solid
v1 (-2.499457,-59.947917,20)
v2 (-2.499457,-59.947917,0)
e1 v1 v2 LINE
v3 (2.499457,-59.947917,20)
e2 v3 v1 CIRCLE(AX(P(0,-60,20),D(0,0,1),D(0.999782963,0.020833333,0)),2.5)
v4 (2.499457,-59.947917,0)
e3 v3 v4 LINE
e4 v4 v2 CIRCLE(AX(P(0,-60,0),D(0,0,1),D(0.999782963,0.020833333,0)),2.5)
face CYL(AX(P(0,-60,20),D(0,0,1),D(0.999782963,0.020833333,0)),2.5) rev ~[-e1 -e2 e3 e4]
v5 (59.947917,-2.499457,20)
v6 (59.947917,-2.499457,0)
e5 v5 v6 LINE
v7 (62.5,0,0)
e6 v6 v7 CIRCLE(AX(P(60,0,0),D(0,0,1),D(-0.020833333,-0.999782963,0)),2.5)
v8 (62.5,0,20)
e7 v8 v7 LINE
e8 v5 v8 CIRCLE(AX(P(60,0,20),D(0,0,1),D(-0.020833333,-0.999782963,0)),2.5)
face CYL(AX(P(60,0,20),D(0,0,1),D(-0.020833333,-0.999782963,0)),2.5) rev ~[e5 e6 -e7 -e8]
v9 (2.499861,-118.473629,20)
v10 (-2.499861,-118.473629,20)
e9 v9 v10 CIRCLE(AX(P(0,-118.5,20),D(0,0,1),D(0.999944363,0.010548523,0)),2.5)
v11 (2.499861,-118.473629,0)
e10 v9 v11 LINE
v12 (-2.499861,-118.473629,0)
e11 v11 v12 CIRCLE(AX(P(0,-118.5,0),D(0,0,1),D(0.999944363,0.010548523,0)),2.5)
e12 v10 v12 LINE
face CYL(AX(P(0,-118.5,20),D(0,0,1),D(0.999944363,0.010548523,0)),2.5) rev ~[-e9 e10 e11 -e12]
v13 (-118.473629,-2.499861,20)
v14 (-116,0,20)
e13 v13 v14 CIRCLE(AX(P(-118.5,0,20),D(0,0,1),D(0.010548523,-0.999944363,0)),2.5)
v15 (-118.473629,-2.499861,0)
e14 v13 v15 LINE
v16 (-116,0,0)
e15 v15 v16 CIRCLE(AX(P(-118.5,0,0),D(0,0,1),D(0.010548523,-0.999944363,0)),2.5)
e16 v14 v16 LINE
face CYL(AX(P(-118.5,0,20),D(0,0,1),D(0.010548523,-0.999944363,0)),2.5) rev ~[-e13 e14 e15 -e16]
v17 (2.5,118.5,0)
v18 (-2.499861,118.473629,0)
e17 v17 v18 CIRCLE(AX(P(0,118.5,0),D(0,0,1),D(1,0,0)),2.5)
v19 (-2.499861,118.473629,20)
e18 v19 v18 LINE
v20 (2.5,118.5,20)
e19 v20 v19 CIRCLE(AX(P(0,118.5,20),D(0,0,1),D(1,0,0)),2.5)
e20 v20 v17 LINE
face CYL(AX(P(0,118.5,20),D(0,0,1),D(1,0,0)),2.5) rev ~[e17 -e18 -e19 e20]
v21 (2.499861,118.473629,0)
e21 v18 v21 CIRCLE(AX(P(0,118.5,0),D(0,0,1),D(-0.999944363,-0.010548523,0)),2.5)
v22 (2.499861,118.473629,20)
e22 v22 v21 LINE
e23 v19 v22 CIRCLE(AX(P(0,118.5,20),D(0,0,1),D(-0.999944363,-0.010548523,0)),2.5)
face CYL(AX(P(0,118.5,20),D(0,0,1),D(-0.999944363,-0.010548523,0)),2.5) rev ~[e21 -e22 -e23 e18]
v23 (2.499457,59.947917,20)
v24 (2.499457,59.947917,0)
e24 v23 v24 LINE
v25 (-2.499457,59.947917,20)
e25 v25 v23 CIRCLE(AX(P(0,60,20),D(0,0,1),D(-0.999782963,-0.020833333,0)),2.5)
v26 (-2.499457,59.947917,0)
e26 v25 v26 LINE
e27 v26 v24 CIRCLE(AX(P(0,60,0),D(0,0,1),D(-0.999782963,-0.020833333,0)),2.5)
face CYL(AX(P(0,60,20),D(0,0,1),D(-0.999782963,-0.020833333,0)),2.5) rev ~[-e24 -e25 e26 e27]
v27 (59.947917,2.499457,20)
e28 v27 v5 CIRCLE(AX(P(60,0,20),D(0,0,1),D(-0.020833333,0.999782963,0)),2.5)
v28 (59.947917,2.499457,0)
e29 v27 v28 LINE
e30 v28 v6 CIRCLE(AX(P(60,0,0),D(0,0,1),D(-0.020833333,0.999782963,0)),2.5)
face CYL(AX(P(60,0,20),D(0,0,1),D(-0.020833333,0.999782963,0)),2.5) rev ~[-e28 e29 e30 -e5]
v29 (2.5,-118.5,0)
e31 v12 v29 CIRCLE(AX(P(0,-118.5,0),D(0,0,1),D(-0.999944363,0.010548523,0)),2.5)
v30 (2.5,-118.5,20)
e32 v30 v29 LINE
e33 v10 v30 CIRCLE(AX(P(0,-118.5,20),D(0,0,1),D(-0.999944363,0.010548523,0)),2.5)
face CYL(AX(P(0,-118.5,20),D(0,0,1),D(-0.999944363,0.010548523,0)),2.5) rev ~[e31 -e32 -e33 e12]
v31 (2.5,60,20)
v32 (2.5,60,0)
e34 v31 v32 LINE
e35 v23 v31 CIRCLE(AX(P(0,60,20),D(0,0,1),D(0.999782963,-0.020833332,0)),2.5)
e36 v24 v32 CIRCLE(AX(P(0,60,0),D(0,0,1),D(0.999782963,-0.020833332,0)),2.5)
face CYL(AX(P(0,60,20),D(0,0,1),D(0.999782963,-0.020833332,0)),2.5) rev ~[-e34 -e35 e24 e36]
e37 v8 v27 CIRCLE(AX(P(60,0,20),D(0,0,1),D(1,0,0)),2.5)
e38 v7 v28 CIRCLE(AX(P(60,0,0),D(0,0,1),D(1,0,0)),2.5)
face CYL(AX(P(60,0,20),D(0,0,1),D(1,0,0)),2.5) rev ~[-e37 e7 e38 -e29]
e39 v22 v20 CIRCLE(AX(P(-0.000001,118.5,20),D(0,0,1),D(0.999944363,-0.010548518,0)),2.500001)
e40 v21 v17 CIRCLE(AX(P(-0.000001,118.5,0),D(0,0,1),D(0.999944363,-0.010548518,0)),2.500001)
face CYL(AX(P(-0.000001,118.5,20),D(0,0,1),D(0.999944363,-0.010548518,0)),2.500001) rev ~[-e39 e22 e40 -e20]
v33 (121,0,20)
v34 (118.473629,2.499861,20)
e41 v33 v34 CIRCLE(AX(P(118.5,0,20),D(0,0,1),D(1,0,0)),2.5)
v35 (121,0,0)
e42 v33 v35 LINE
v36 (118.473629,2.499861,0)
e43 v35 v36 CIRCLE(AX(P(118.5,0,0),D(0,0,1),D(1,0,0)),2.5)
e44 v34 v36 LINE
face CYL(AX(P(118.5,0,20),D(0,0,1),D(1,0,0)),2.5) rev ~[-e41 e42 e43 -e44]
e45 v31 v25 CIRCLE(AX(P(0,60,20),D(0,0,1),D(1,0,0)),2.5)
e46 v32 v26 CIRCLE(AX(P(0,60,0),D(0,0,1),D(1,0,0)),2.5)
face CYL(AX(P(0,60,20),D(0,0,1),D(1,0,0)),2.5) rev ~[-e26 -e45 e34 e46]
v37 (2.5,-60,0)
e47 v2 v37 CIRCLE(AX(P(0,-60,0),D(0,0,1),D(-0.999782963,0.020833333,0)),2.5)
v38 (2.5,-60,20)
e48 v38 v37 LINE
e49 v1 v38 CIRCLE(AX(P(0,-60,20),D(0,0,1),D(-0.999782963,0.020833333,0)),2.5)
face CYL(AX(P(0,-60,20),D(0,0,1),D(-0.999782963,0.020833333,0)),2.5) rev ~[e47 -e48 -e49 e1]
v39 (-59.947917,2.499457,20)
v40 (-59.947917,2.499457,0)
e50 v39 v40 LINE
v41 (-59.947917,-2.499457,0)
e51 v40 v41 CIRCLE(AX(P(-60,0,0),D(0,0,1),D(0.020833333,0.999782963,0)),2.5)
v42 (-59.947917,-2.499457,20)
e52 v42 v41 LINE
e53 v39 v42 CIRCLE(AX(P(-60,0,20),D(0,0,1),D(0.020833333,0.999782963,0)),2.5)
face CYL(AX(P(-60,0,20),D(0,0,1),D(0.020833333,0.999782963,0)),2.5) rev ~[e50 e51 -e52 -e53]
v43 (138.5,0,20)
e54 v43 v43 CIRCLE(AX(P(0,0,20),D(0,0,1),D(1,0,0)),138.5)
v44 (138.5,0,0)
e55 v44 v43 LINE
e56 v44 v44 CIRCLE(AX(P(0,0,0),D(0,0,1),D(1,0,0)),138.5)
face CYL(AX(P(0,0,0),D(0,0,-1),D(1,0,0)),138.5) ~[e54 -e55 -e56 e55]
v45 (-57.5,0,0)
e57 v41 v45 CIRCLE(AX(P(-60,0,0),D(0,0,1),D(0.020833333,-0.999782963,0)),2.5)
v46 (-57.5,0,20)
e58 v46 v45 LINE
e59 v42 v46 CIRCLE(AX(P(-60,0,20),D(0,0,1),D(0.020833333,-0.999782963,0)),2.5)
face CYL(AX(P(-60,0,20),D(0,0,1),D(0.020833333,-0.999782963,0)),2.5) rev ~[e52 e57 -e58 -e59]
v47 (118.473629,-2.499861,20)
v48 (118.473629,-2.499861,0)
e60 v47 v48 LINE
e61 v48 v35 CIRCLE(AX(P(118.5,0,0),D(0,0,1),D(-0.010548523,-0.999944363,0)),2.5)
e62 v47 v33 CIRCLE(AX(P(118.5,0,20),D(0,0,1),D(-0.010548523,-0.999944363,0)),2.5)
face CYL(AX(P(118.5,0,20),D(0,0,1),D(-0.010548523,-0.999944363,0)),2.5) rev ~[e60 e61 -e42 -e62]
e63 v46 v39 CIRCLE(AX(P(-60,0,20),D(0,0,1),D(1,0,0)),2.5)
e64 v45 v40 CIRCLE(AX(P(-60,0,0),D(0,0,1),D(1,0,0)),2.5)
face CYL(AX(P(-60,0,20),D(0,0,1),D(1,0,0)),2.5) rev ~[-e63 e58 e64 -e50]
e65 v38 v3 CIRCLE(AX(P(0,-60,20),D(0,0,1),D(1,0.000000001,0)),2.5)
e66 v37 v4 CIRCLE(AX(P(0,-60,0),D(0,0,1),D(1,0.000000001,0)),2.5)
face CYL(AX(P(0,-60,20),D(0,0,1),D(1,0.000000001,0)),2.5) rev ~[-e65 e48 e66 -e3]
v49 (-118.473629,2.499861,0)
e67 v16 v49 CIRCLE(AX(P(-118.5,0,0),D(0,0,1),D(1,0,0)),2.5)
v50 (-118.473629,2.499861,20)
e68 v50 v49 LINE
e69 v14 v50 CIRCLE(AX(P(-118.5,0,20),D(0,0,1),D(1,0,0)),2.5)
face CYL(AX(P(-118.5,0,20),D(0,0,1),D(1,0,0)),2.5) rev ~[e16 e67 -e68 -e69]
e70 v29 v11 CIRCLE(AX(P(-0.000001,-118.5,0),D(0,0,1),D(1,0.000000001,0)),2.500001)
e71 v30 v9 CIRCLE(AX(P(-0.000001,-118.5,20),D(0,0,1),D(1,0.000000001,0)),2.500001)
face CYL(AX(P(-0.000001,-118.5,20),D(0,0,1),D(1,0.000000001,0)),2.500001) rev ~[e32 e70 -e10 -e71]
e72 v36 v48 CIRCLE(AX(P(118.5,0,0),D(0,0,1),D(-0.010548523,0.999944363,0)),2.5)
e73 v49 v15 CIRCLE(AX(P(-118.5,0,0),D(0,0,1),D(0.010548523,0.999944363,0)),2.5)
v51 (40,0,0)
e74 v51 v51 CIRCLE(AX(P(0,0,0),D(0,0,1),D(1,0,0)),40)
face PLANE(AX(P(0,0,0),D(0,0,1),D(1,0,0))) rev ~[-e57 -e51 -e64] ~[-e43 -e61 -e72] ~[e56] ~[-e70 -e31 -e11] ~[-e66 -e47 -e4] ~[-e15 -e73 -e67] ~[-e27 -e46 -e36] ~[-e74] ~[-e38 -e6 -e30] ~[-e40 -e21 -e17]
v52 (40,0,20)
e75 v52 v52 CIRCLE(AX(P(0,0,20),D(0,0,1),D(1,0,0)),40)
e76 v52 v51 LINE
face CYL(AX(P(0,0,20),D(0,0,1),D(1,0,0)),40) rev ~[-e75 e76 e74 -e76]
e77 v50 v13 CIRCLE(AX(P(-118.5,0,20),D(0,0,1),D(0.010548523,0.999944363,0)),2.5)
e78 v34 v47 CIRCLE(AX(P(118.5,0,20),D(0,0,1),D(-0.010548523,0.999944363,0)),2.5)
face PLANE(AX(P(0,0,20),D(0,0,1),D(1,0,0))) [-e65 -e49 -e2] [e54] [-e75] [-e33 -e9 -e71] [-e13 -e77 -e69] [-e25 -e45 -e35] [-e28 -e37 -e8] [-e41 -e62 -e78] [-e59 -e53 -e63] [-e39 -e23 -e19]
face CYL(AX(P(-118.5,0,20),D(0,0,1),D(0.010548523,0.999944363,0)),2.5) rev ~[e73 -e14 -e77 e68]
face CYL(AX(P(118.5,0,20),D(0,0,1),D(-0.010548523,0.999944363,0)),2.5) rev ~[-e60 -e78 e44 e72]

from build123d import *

# Parameters (mm, degrees)
F0_R     = 138.5
F1_DEPTH = 20
F2_R     = 40
F3_DEPTH = 25
F5_DEPTH = 25
F7_DEPTH = 20.001


with BuildPart() as f1:
    # F0 (on Top) → F1 (new body)
    with BuildSketch(Plane.XY):
        Circle(F0_R)
    extrude(amount=F1_DEPTH)

    # F2 (on face) → F3 (cut)
    with BuildSketch(Plane.XY.offset(20)):
        Circle(F2_R)
    extrude(amount=-F3_DEPTH, mode=Mode.SUBTRACT)

    # F4 (on face) → F5 (cut)
    with BuildSketch(Plane.XY.offset(20)):
        with BuildLine():
            ThreePointArc((-2.4994574064, 59.9479166667), (0, 60), (2.4994574064, 59.9479166667))
            ThreePointArc((2.4994574064, 59.9479166667), (2.4998643479, 59.9739569202), (2.5, 60))
            ThreePointArc((2.5, 60), (-0.0260430798, 62.4998643479), (-2.4994574064, 59.9479166667))
        make_face()
        with BuildLine():
            ThreePointArc((-2.4994574064, 59.9479166667), (0, 57.5), (2.4994574064, 59.9479166667))
            ThreePointArc((2.4994574064, 59.9479166667), (0, 60), (-2.4994574064, 59.9479166667))
        make_face()
        with BuildLine():
            ThreePointArc((-57.5, 0), (-58.2139137292, 1.7492557941), (-59.9479166667, 2.4994574064))
            ThreePointArc((-59.9479166667, 2.4994574064), (-60, 0), (-59.9479166667, -2.4994574064))
            ThreePointArc((-59.9479166667, -2.4994574064), (-58.2139137292, -1.7492557941), (-57.5, 0))
        make_face()
        with BuildLine():
            ThreePointArc((-59.9479166667, -2.4994574064), (-60, 0), (-59.9479166667, 2.4994574064))
            ThreePointArc((-59.9479166667, 2.4994574064), (-62.5, 0), (-59.9479166667, -2.4994574064))
        make_face()
        with BuildLine():
            ThreePointArc((59.9479166667, 2.4994574064), (59.9869777535, 1.25), (60, 0))
            ThreePointArc((60, 0), (59.9869777535, -1.25), (59.9479166667, -2.4994574064))
            ThreePointArc((59.9479166667, -2.4994574064), (61.7492557941, -1.7860862708), (62.5, 0))
            ThreePointArc((62.5, 0), (61.7492557941, 1.7860862708), (59.9479166667, 2.4994574064))
        make_face()
        with BuildLine():
            ThreePointArc((59.9479166667, -2.4994574064), (59.9869777535, -1.25), (60, 0))
            ThreePointArc((60, 0), (59.9869777535, 1.25), (59.9479166667, 2.4994574064))
            ThreePointArc((59.9479166667, 2.4994574064), (57.5, 0), (59.9479166667, -2.4994574064))
        make_face()
        with BuildLine():
            ThreePointArc((2.5, -60), (2.4998643479, -59.9739569202), (2.4994574064, -59.9479166667))
            ThreePointArc((2.4994574064, -59.9479166667), (0, -60), (-2.4994574064, -59.9479166667))
            ThreePointArc((-2.4994574064, -59.9479166667), (-0.0260430798, -62.4998643479), (2.5, -60))
        make_face()
        with BuildLine():
            ThreePointArc((-2.4994574064, -59.9479166667), (0, -60), (2.4994574064, -59.9479166667))
            ThreePointArc((2.4994574064, -59.9479166667), (0, -57.5), (-2.4994574064, -59.9479166667))
        make_face()
    extrude(amount=-F5_DEPTH, mode=Mode.SUBTRACT)

    # F6 (on face) → F7 (cut, through all)
    with BuildSketch(Plane.XY.offset(20)):
        with BuildLine():
            ThreePointArc((-2.499860907, 118.473628692), (0, 118.5), (2.499860907, 118.473628692))
            ThreePointArc((2.499860907, 118.473628692), (2.4999652265, 118.4868141626), (2.5, 118.5))
            ThreePointArc((2.5, 118.5), (-0.0131858374, 120.9999652265), (-2.499860907, 118.473628692))
        make_face()
        with BuildLine():
            ThreePointArc((-2.499860907, 118.473628692), (0, 116), (2.499860907, 118.473628692))
            ThreePointArc((2.499860907, 118.473628692), (0, 118.5), (-2.499860907, 118.473628692))
        make_face()
        with BuildLine():
            ThreePointArc((-116, 0), (-116.7229338406, 1.7584185693), (-118.473628692, 2.499860907))
            ThreePointArc((-118.473628692, 2.499860907), (-118.5, 0), (-118.473628692, -2.499860907))
            ThreePointArc((-118.473628692, -2.499860907), (-116.7229338406, -1.7584185693), (-116, 0))
        make_face()
        with BuildLine():
            ThreePointArc((-118.473628692, -2.499860907), (-118.5, 0), (-118.473628692, 2.499860907))
            ThreePointArc((-118.473628692, 2.499860907), (-121, 0), (-118.473628692, -2.499860907))
        make_face()
        with BuildLine():
            ThreePointArc((-2.499860907, -118.473628692), (0, -118.5), (2.499860907, -118.473628692))
            ThreePointArc((2.499860907, -118.473628692), (0, -116), (-2.499860907, -118.473628692))
        make_face()
        with BuildLine():
            ThreePointArc((2.5, -118.5), (2.4999652265, -118.4868141626), (2.499860907, -118.473628692))
            ThreePointArc((2.499860907, -118.473628692), (0, -118.5), (-2.499860907, -118.473628692))
            ThreePointArc((-2.499860907, -118.473628692), (-0.0131858374, -120.9999652265), (2.5, -118.5))
        make_face()
        with BuildLine():
            ThreePointArc((118.473628692, -2.499860907), (118.4934069896, -1.25), (118.5, 0))
            ThreePointArc((118.5, 0), (118.4934069896, 1.25), (118.473628692, 2.499860907))
            ThreePointArc((118.473628692, 2.499860907), (116, 0), (118.473628692, -2.499860907))
        make_face()
        with BuildLine():
            ThreePointArc((118.473628692, 2.499860907), (118.4934069896, 1.25), (118.5, 0))
            ThreePointArc((118.5, 0), (118.4934069896, -1.25), (118.473628692, -2.499860907))
            ThreePointArc((118.473628692, -2.499860907), (120.2584185693, -1.7770661594), (121, 0))
            ThreePointArc((121, 0), (120.2584185693, 1.7770661594), (118.473628692, 2.499860907))
        make_face()
    extrude(amount=-F7_DEPTH, mode=Mode.SUBTRACT)


solid = f1.part
